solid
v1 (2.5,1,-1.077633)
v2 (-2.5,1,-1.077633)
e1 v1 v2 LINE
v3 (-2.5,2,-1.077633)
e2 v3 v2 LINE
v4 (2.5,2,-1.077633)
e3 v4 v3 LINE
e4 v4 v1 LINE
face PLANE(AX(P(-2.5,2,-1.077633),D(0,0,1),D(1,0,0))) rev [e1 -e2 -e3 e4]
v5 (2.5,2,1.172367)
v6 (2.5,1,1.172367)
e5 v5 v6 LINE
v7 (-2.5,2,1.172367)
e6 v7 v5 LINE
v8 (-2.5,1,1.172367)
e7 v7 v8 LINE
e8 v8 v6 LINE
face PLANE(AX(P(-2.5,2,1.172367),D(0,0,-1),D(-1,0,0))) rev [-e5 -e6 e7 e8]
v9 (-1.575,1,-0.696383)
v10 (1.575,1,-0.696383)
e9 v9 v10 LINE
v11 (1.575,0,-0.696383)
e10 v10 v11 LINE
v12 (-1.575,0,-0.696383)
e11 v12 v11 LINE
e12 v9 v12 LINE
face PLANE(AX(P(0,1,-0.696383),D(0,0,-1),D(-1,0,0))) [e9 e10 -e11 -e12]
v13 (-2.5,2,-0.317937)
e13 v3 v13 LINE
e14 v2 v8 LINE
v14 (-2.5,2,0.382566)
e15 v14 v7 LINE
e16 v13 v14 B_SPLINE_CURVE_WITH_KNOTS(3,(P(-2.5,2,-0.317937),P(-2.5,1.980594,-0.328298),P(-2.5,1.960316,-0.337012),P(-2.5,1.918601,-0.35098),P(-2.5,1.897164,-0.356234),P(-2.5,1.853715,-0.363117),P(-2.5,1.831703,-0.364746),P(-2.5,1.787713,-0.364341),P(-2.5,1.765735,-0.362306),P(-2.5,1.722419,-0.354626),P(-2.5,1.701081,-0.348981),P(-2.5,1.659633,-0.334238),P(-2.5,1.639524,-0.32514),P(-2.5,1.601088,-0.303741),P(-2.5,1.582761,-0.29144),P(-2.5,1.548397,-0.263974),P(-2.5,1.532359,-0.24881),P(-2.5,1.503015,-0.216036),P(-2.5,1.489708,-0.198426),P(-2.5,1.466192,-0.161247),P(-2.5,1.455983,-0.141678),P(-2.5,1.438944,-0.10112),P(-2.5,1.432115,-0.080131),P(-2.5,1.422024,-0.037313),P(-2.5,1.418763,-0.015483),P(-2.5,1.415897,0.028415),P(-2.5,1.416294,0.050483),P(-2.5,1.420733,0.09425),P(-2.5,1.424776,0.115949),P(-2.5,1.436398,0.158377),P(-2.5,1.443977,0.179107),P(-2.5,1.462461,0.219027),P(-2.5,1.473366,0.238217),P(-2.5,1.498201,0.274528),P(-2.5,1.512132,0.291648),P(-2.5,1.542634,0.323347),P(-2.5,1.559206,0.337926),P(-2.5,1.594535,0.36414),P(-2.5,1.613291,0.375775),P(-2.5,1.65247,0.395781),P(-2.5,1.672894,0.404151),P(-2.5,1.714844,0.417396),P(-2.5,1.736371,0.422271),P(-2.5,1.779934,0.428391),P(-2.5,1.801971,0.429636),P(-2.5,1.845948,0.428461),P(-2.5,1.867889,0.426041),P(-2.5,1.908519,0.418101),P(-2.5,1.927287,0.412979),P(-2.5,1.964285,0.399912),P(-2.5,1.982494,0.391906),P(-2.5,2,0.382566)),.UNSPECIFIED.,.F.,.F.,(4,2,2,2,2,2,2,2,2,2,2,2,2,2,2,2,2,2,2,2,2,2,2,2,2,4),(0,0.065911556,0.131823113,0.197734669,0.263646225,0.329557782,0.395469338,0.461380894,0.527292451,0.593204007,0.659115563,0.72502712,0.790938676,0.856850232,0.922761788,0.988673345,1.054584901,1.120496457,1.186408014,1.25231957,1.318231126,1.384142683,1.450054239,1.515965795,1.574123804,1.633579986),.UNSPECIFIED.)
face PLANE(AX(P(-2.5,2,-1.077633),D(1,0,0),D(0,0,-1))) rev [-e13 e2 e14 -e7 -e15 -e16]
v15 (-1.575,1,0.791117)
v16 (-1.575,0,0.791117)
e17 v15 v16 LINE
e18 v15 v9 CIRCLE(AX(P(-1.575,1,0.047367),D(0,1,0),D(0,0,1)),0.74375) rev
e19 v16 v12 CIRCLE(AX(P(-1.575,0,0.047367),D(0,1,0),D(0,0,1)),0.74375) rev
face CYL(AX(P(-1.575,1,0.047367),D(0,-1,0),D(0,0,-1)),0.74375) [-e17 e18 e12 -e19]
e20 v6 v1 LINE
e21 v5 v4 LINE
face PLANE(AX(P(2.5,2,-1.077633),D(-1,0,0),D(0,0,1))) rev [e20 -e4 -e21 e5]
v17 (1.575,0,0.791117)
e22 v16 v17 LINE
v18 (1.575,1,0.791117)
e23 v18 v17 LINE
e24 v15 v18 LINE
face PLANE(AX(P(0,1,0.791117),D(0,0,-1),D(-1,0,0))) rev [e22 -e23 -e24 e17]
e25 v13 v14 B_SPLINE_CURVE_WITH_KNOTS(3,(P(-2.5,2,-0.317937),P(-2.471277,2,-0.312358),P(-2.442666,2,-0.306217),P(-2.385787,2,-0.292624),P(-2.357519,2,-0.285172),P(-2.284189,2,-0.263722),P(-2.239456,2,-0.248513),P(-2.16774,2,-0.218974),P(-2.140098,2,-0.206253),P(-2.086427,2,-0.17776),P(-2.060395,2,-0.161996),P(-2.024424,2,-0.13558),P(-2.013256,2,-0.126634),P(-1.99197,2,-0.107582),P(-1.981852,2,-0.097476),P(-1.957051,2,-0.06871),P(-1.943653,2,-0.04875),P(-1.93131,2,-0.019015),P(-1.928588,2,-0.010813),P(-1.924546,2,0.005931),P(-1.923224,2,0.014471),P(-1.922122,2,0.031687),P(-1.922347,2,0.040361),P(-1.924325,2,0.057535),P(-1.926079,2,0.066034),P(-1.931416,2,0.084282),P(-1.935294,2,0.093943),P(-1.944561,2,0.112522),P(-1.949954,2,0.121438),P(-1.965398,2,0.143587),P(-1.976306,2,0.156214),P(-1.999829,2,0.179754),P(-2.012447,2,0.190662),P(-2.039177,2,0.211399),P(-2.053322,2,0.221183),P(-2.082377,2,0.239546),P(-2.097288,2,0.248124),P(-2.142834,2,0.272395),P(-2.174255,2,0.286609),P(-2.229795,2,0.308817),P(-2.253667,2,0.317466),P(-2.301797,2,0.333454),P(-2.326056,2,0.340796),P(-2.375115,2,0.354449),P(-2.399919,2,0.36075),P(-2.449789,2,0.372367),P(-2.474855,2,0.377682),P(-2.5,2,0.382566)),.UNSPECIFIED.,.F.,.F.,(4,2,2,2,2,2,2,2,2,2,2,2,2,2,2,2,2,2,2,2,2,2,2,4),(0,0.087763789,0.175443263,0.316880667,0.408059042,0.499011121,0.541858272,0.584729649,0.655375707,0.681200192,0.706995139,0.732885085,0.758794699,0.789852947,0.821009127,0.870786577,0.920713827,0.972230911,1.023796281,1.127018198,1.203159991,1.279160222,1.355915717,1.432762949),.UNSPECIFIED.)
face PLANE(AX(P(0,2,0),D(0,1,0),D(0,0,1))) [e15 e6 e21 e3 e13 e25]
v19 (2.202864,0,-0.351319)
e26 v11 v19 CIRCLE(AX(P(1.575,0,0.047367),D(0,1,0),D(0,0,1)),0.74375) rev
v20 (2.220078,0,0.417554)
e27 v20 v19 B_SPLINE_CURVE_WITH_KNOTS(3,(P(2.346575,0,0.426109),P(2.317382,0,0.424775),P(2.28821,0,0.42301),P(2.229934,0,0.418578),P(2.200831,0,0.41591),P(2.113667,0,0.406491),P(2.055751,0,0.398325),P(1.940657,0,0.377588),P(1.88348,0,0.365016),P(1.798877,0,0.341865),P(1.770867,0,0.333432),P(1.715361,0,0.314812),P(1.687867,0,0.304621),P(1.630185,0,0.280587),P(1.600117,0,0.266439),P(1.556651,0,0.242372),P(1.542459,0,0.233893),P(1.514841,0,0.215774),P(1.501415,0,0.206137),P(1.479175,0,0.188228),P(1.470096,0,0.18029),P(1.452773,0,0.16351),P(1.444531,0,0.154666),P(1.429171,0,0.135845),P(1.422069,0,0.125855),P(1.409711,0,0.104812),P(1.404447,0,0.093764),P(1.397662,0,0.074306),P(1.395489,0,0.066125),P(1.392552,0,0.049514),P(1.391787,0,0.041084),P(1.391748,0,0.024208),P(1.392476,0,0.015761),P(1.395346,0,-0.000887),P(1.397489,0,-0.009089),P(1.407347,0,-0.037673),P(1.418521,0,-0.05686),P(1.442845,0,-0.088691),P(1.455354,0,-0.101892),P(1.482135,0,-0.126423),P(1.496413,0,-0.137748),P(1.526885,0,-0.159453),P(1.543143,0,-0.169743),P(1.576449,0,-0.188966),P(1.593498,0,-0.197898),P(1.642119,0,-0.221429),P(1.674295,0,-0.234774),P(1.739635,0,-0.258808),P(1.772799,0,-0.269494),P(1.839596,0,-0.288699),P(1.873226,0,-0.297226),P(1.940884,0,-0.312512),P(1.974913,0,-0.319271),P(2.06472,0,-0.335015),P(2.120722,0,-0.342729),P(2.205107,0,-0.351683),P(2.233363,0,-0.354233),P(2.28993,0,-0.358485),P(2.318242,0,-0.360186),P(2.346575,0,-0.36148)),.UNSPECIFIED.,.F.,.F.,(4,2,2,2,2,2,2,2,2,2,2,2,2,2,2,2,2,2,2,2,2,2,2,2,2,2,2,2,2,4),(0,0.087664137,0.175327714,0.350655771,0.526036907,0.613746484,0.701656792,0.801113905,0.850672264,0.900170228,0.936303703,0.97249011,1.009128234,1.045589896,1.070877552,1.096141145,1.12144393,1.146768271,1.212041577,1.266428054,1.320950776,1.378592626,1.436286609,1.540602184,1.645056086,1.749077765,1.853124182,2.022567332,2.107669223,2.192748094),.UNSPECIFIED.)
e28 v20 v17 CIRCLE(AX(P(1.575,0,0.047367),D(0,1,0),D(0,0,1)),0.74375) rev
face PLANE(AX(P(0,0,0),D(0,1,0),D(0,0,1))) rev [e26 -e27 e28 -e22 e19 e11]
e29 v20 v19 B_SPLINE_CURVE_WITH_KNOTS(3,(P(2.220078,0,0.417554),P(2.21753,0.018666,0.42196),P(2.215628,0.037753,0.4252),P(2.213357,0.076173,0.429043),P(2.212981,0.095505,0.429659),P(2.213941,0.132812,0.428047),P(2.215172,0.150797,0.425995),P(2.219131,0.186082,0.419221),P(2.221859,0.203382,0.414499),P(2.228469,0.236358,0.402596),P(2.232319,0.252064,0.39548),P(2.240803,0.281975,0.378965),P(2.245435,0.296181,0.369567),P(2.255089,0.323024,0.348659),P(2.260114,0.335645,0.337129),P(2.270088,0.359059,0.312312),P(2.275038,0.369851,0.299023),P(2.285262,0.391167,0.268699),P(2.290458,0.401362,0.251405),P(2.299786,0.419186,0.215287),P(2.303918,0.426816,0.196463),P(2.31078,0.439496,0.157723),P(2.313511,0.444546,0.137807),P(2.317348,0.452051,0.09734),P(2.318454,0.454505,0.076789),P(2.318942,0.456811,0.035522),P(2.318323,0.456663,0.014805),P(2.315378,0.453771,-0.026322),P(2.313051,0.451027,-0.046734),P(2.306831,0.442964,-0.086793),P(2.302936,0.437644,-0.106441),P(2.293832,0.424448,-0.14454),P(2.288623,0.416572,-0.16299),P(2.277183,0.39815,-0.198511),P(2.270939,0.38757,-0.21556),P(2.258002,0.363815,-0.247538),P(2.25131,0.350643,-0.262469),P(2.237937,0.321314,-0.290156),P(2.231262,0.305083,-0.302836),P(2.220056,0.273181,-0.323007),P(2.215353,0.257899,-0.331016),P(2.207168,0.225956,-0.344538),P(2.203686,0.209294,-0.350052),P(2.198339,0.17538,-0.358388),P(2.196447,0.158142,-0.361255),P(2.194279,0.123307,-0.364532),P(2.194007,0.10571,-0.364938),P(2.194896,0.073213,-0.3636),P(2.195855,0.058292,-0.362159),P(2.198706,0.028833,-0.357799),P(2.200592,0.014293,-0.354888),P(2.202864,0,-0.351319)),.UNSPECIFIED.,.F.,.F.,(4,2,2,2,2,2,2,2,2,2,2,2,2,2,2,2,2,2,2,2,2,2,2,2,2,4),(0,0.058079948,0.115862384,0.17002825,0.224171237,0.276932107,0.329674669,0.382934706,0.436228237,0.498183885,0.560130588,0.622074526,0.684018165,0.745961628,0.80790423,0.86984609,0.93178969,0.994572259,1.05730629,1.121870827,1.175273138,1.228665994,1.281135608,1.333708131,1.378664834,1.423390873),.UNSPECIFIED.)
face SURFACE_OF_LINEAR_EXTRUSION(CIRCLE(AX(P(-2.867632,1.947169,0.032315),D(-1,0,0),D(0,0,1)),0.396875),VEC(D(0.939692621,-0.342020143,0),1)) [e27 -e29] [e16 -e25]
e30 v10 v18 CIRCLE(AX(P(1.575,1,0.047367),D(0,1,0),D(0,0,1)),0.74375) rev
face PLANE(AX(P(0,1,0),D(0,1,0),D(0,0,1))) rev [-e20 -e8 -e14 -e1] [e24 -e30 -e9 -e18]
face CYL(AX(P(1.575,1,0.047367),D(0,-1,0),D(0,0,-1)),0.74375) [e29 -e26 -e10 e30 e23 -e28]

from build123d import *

# Parameters (mm, degrees)
SKETCH1_W           = 3.15
SKETCH1_H           = 1.4875
BOSS_EXTRUDE1_DEPTH = 1
SKETCH5_W           = 5
SKETCH5_H           = 2.25
BOSS_EXTRUDE2_DEPTH = 1
SKETCH4_2_R         = 0.396875


with BuildPart() as part:
    # Sketch1 → Boss-Extrude1 (new body)
    with BuildSketch(Plane(origin=(0, 0, 0), x_dir=(1, 0, 0), z_dir=(0, 1, 0))):
        with Locations((0, -0.047367461)):
            Rectangle(SKETCH1_W, SKETCH1_H)
        with BuildLine():
            Line((-1.575, -0.791117461), (-1.575, 0.696382539))
            ThreePointArc((-1.575, 0.696382539), (-2.31875, -0.047367461), (-1.575, -0.791117461))
        make_face()
        with BuildLine():
            ThreePointArc((1.575, -0.791117461), (2.31875, -0.047367461), (1.575, 0.696382539))
            Line((1.575, 0.696382539), (1.575, -0.791117461))
        make_face()
    extrude(amount=BOSS_EXTRUDE1_DEPTH)

    # Sketch5 → Boss-Extrude2 (add)
    with BuildSketch(Plane(origin=(0, 1, 0), x_dir=(1, 0, 0), z_dir=(0, 1, 0))):
        with Locations((0, -0.047367461)):
            Rectangle(SKETCH5_W, SKETCH5_H)
    extrude(amount=BOSS_EXTRUDE2_DEPTH)

    # Cut-Sweep4: sweep along a path in Sketch6
    with BuildLine(Plane.XY) as cut_sweep4_path:
        Line((2.5, 0), (-2.867631708, 1.95365817))
    # Sketch4<2> → Cut-Sweep4 (sweep, cut)
    with BuildSketch(Plane(origin=(2.5, 1, 0), x_dir=(0, 0, 1), z_dir=(-1, 0, 0))):
        with Locations((0.032314724, -1.006488934)):
            Circle(SKETCH4_2_R)
    sweep(path=cut_sweep4_path.line, mode=Mode.SUBTRACT)


solid = part.part
